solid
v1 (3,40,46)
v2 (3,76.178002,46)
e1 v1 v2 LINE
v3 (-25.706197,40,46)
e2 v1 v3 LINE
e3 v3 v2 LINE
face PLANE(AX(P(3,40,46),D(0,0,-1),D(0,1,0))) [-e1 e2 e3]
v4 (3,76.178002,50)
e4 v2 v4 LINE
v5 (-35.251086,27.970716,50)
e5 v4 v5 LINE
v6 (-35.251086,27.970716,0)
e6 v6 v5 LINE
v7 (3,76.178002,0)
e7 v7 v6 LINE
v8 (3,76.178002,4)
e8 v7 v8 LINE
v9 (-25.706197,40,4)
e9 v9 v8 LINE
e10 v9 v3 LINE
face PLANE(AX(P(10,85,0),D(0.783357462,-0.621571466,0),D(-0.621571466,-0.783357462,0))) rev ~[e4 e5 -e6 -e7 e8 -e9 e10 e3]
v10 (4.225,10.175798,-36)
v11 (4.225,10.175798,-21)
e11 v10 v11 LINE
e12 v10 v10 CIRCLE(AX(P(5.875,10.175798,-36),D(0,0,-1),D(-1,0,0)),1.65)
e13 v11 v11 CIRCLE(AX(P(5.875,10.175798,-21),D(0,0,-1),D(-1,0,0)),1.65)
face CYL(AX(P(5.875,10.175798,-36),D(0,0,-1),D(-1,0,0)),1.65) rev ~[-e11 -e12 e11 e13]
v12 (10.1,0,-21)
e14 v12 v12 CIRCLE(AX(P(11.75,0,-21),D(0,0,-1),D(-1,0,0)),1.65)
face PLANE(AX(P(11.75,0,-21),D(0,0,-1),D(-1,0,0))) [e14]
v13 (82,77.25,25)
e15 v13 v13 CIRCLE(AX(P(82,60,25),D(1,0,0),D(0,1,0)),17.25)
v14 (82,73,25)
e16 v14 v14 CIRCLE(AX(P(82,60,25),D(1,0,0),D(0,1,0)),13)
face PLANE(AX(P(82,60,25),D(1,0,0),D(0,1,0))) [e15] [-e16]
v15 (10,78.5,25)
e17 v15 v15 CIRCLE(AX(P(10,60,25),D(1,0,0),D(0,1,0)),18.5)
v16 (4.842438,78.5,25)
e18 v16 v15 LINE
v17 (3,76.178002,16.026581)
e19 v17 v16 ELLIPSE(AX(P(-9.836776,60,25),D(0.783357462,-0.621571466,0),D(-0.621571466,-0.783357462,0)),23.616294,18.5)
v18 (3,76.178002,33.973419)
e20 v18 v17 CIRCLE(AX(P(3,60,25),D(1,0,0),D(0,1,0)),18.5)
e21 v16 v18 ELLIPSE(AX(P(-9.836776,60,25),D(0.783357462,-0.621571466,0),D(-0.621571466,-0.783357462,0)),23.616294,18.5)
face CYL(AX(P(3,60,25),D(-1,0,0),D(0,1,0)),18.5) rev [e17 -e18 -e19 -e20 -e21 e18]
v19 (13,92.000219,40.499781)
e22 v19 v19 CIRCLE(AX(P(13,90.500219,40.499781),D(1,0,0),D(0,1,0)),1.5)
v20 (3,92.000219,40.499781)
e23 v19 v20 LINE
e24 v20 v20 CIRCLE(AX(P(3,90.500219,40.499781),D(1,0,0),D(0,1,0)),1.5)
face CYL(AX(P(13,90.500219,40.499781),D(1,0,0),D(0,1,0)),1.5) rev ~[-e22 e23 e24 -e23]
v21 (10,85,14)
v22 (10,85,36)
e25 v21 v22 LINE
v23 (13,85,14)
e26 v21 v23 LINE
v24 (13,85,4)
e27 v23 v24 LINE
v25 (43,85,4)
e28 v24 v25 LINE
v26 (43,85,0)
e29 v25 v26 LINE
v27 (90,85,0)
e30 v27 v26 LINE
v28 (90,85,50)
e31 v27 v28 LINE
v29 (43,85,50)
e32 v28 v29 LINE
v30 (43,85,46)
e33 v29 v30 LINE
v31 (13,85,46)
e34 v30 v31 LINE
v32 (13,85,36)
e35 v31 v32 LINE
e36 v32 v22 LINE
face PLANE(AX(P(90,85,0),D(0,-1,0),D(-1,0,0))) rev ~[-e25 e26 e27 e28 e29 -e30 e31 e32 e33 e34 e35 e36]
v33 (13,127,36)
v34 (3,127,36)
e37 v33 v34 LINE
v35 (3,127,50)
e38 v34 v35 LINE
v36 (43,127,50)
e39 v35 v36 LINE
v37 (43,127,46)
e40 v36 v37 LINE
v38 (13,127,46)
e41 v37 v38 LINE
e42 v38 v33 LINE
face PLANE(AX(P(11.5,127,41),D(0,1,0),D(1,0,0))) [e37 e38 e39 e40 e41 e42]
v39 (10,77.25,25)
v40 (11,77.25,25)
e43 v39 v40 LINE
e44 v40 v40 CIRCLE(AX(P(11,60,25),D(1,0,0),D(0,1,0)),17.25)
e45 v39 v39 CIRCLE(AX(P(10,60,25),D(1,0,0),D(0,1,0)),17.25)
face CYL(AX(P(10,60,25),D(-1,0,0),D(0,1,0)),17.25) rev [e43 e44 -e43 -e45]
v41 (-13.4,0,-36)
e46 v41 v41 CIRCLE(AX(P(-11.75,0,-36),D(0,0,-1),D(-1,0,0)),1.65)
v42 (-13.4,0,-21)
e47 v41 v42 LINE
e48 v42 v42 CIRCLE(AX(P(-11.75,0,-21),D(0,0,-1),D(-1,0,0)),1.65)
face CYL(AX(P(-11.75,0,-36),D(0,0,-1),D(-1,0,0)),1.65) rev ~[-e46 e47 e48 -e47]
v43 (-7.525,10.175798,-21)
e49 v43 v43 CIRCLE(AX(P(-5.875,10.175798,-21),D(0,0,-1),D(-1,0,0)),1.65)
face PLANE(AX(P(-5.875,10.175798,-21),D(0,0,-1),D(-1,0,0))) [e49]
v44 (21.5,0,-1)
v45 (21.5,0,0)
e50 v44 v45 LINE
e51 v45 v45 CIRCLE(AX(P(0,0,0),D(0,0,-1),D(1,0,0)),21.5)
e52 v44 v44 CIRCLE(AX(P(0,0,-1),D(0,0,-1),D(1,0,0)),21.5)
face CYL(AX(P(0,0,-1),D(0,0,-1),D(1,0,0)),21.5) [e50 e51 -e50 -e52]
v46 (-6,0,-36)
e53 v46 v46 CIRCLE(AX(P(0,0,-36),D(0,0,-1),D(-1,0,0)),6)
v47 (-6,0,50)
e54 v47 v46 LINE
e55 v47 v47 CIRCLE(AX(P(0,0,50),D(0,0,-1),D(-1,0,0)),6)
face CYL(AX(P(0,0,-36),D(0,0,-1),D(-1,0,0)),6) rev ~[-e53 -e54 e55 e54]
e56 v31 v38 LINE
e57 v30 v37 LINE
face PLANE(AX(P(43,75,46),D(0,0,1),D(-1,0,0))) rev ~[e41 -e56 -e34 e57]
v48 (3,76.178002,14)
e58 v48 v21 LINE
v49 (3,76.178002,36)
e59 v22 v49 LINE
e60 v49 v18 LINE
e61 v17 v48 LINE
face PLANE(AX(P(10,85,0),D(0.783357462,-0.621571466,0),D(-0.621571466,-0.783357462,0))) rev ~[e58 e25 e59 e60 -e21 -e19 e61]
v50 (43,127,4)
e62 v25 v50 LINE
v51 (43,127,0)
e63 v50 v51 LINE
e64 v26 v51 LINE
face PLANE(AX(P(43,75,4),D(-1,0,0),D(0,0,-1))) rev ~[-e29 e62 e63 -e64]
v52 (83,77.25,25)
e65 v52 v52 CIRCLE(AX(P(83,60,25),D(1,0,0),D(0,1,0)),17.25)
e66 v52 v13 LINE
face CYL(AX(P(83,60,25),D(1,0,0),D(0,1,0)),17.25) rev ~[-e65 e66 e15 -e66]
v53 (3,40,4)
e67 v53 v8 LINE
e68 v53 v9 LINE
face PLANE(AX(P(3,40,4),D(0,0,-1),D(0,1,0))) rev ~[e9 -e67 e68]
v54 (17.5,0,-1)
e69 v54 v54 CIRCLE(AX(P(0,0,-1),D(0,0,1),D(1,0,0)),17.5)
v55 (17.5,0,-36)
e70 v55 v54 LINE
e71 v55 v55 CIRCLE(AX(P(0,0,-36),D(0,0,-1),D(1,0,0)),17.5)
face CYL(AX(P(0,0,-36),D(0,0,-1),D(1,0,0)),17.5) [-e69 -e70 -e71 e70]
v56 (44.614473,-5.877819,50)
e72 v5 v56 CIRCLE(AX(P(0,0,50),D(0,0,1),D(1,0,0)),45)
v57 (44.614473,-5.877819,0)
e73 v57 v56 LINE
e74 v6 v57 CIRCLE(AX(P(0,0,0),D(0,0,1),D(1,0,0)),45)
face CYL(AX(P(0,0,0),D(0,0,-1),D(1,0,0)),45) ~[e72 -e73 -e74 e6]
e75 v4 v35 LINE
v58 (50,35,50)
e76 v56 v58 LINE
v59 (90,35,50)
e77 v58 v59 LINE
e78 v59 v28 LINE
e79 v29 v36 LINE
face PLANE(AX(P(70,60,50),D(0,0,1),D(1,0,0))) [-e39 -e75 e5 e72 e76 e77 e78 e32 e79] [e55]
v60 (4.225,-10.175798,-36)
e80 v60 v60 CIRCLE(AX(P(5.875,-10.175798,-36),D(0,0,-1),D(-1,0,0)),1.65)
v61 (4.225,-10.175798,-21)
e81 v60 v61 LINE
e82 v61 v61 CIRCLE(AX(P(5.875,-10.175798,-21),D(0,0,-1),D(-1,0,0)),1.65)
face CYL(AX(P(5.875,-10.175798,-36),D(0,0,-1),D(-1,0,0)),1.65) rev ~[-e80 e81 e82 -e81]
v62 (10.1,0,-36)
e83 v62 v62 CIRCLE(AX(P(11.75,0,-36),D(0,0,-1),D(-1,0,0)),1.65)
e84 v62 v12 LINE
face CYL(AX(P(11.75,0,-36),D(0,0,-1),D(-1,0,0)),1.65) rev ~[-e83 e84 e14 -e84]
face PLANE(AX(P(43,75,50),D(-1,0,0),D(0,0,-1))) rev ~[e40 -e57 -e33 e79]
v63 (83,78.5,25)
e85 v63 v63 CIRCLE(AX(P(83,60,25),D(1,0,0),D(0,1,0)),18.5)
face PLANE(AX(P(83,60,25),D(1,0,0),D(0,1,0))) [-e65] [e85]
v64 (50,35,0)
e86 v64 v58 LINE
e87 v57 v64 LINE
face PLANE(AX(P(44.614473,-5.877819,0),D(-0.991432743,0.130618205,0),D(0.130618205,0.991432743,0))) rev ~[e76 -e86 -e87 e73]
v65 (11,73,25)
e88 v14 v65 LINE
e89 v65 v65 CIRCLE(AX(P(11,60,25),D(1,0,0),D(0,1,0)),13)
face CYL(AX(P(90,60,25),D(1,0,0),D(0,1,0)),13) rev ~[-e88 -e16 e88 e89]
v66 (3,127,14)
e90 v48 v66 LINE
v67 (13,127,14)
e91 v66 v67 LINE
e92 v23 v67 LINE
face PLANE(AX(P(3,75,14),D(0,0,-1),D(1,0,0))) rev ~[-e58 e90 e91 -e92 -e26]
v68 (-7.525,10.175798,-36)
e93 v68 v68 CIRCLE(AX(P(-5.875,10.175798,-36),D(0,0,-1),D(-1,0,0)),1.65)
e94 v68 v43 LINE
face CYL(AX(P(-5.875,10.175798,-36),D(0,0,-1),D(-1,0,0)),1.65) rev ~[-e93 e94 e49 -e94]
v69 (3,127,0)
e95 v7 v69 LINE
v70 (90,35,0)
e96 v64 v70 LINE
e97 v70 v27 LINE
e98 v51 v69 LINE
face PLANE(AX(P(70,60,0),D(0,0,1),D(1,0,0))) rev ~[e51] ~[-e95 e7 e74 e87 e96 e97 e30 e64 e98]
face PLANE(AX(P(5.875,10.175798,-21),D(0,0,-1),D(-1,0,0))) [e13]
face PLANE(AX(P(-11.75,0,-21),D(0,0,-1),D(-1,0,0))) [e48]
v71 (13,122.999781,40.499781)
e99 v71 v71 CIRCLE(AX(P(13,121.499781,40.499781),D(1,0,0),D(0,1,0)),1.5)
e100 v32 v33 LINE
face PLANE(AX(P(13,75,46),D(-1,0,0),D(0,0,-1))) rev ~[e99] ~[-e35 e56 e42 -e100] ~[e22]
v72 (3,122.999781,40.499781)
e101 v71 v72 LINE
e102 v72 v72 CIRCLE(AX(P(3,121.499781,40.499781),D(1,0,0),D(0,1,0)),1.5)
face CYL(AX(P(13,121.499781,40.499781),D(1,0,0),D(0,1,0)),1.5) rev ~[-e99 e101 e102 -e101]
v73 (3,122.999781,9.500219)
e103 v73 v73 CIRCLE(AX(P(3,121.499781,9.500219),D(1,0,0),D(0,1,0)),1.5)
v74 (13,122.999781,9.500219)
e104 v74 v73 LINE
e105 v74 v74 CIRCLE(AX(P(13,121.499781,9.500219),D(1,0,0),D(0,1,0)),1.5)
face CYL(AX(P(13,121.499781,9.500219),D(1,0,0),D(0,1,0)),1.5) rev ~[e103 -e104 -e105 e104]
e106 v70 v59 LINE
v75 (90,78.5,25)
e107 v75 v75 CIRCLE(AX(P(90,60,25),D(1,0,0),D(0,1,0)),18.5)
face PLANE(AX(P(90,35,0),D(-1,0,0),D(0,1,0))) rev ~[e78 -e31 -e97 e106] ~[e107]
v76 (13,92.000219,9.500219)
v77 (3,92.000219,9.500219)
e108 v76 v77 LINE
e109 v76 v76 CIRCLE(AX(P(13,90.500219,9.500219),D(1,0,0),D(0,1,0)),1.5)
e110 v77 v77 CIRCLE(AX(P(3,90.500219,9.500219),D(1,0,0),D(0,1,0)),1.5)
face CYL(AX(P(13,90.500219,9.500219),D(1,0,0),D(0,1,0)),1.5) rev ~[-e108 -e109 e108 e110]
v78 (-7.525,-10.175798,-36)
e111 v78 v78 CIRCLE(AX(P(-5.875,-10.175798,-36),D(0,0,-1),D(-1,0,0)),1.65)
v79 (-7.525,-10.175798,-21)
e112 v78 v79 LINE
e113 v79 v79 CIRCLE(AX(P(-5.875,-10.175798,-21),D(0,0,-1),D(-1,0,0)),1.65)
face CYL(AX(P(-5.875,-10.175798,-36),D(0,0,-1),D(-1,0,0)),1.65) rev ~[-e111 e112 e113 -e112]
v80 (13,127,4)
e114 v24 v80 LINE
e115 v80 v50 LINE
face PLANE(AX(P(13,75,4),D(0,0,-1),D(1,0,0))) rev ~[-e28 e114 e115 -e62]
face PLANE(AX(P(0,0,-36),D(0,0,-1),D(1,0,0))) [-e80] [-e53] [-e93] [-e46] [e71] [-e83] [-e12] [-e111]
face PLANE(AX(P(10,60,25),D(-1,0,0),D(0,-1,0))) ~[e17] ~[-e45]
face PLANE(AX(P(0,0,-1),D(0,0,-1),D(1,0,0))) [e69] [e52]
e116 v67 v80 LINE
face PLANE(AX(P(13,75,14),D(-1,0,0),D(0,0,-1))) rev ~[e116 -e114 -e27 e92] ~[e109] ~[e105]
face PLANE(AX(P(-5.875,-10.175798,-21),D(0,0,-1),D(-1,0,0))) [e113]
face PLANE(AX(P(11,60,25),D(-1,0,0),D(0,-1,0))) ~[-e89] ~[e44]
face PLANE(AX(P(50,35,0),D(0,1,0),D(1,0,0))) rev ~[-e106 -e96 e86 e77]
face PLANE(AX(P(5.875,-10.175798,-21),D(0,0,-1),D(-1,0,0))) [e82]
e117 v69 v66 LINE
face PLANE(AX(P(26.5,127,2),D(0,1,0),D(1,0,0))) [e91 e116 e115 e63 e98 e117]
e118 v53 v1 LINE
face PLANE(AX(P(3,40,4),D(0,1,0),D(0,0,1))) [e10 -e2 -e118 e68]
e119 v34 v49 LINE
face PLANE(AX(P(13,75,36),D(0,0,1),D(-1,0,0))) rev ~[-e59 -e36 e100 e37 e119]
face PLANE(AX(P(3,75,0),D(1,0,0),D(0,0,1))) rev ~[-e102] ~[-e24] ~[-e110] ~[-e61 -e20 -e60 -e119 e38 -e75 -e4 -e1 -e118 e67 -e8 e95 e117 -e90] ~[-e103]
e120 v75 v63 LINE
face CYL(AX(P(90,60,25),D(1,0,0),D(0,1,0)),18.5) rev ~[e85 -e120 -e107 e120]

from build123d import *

# Parameters (mm, degrees)
SKETCH1_W                       = 40
SKETCH1_H                       = 50
SKETCH1_R                       = 45
BOSS_EXTRUDE1_DEPTH             = 50
SKETCH3_R                       = 13
CUT_EXTRUDE1_DEPTH              = 130
BOSS_EXTRUDE3_DEPTH             = 42
BOSS_EXTRUDE3_DEPTH_BACK        = 10
SKETCH6_W                       = 7
SKETCH6_H                       = 4
SKETCH6_H_2                     = 10
SKETCH6_W_2                     = 3
CUT_EXTRUDE2_DEPTH              = 11
CUT_EXTRUDE2_DEPTH_BACK         = 43
SKETCH5_W                       = 42
SKETCH5_H                       = 40
SKETCH9_R                       = 1.5
CUT_EXTRUDE4_DEPTH              = 10
SKIZZE1_R                       = 6
SCHNITT_LINEAR_AUSTRAGEN1_DEPTH = 50
AUFSATZ_LINEAR_START            = 36
SKIZZE2_R                       = 17.5
SKIZZE2_R_2                     = 6
AUFSATZ_LINEAR_AUSTRAGEN1_DEPTH = 36
AUFSATZ_LINEAR_START_2          = 1
SKIZZE3_R                       = 21.5
SKIZZE3_R_2                     = 17.5
AUFSATZ_LINEAR_AUSTRAGEN2_DEPTH = 1
SKIZZE4_R                       = 1.65
SCHNITT_LINEAR_AUSTRAGEN2_DEPTH = 15
SKIZZE5_R                       = 18.5
SCHNITT_LINEAR_AUSTRAGEN3_DEPTH = 7
SKIZZE6_R                       = 17.25
SCHNITT_LINEAR_AUSTRAGEN4_DEPTH = 1


with BuildPart() as part:
    # Sketch1 → Boss-Extrude1 (new body)
    with BuildSketch(Plane.XY):
        with Locations((70, 60)):
            Rectangle(SKETCH1_W, SKETCH1_H)
        with BuildLine():
            Line((44.614473451, -5.877819215), (50, 35))
            Line((50, 35), (50, 85))
            Line((50, 85), (10, 85))
            Line((10, 85), (-35.25108577, 27.970715973))
            ThreePointArc((-35.25108577, 27.970715973), (14.810488519, 42.492933881), (45, 0))
            ThreePointArc((45, 0), (44.903514925, -2.945224501), (44.614473451, -5.877819215))
        make_face()
        Circle(SKETCH1_R)
    extrude(amount=BOSS_EXTRUDE1_DEPTH)

    # Sketch3 → Cut-Extrude1 (cut)
    with BuildSketch(Plane(origin=(90, 0, 0), x_dir=(0, 0, -1), z_dir=(1, 0, 0))):
        with Locations(Location((-25, 60, 0), (0, 0, 90))):
            Circle(SKETCH3_R)
    extrude(amount=-CUT_EXTRUDE1_DEPTH, mode=Mode.SUBTRACT)

    # Sketch6 → Boss-Extrude3 (add, two sides: drawn at the far end of the back side and taken through both)
    with BuildSketch(Plane(origin=(0, 85, 0), x_dir=(1, 0, 0), z_dir=(0, 1, 0)).offset(-BOSS_EXTRUDE3_DEPTH_BACK)):
        Polygon((43, -4), (43, 0), (10, 0), (10, -4), (13, -4), align=None)
        with Locations((6.5, -2)):
            Rectangle(SKETCH6_W, SKETCH6_H)
        with Locations((6.5, -9)):
            Rectangle(SKETCH6_W, SKETCH6_H_2)
        with Locations((11.5, -9)):
            Rectangle(SKETCH6_W_2, SKETCH6_H_2)
        with Locations((11.5, -41)):
            Rectangle(SKETCH6_W_2, SKETCH6_H_2)
        with Locations((6.5, -41)):
            Rectangle(SKETCH6_W, SKETCH6_H_2)
        with Locations((6.5, -48)):
            Rectangle(SKETCH6_W, SKETCH6_H)
        Polygon((13, -46), (10, -46), (10, -50), (43, -50), (43, -46), align=None)
    extrude(amount=BOSS_EXTRUDE3_DEPTH + BOSS_EXTRUDE3_DEPTH_BACK)

    # Sketch5 → Cut-Extrude2 (cut, two sides: drawn at the far end of the back side and taken through both)
    with BuildSketch(Plane.ZY.offset(40).offset(-CUT_EXTRUDE2_DEPTH_BACK)):
        with Locations((25, 60)):
            Rectangle(SKETCH5_W, SKETCH5_H)
    extrude(amount=CUT_EXTRUDE2_DEPTH + CUT_EXTRUDE2_DEPTH_BACK, mode=Mode.SUBTRACT)

    # Sketch9 → Cut-Extrude4 (cut)
    with BuildSketch(Plane(origin=(13, 0, 0), x_dir=(0, 0, -1), z_dir=(1, 0, 0))):
        with Locations(Location((-9.500219356, 121.499780644, 0), (0, 0, 90))):
            Circle(SKETCH9_R)
        with Locations(Location((-9.500219356, 90.500219356, 0), (0, 0, 90))):
            Circle(SKETCH9_R)
        with Locations(Location((-40.499780644, 90.500219356, 0), (0, 0, 90))):
            Circle(SKETCH9_R)
        with Locations(Location((-40.499780644, 121.499780644, 0), (0, 0, 90))):
            Circle(SKETCH9_R)
    extrude(amount=-CUT_EXTRUDE4_DEPTH, mode=Mode.SUBTRACT)

    # Skizze1 → Schnitt-Linear austragen1 (cut)
    with BuildSketch(Plane(origin=(0, 0, 0), x_dir=(-1, 0, 0), z_dir=(0, 0, -1))):
        Circle(SKIZZE1_R)
    extrude(amount=-SCHNITT_LINEAR_AUSTRAGEN1_DEPTH, mode=Mode.SUBTRACT)

    # Skizze2 → Aufsatz-Linear austragen1 (add)
    with BuildSketch(Plane(origin=(0, 0, 0), x_dir=(-1, 0, 0), z_dir=(0, 0, -1)).offset(AUFSATZ_LINEAR_START)):
        with Locations(Location((0, 0, 0), (0, 0, 180))):
            Circle(SKIZZE2_R)
        Circle(SKIZZE2_R_2, mode=Mode.SUBTRACT)
    extrude(amount=-AUFSATZ_LINEAR_AUSTRAGEN1_DEPTH)

    # Skizze3 → Aufsatz-Linear austragen2 (add)
    with BuildSketch(Plane(origin=(0, 0, 0), x_dir=(-1, 0, 0), z_dir=(0, 0, -1)).offset(AUFSATZ_LINEAR_START_2)):
        with Locations(Location((0, 0, 0), (0, 0, 180))):
            Circle(SKIZZE3_R)
        Circle(SKIZZE3_R_2, mode=Mode.SUBTRACT)
    extrude(amount=-AUFSATZ_LINEAR_AUSTRAGEN2_DEPTH)

    # Skizze4 → Schnitt-Linear austragen2 (cut)
    with BuildSketch(Plane(origin=(0, 0, -36), x_dir=(-1, 0, 0), z_dir=(0, 0, -1))):
        with Locations((-11.75, 0)):
            Circle(SKIZZE4_R)
        with Locations((-5.875, 10.175798494)):
            Circle(SKIZZE4_R)
        with Locations((5.875, 10.175798494)):
            Circle(SKIZZE4_R)
        with Locations((11.75, 0)):
            Circle(SKIZZE4_R)
        with Locations((5.875, -10.175798494)):
            Circle(SKIZZE4_R)
        with Locations((-5.875, -10.175798494)):
            Circle(SKIZZE4_R)
    extrude(amount=-SCHNITT_LINEAR_AUSTRAGEN2_DEPTH, mode=Mode.SUBTRACT)

    # Skizze5 → Schnitt-Linear austragen3 (cut)
    with BuildSketch(Plane(origin=(90, 0, 0), x_dir=(0, 0, -1), z_dir=(1, 0, 0))):
        with Locations(Location((-25, 60, 0), (0, 0, 90))):
            Circle(SKIZZE5_R)
    schnitt_linear_austragen3 = extrude(amount=-SCHNITT_LINEAR_AUSTRAGEN3_DEPTH, mode=Mode.SUBTRACT)

    # Skizze6 → Schnitt-Linear austragen4 (cut)
    with BuildSketch(Plane(origin=(83, 0, 0), x_dir=(0, 0, -1), z_dir=(1, 0, 0))):
        with Locations(Location((-25, 60, 0), (0, 0, 90))):
            Circle(SKIZZE6_R)
    schnitt_linear_austragen4 = extrude(amount=-SCHNITT_LINEAR_AUSTRAGEN4_DEPTH, mode=Mode.SUBTRACT)

    # Spiegeln1: Schnitt-Linear austragen3, Schnitt-Linear austragen4 across plane
    add(schnitt_linear_austragen3.mirror(Plane(origin=(46.5, 0, 0), x_dir=(0, 0, 1), z_dir=(1, 0, 0))), mode=Mode.SUBTRACT)
    add(schnitt_linear_austragen4.mirror(Plane(origin=(46.5, 0, 0), x_dir=(0, 0, 1), z_dir=(1, 0, 0))), mode=Mode.SUBTRACT)


solid = part.part
